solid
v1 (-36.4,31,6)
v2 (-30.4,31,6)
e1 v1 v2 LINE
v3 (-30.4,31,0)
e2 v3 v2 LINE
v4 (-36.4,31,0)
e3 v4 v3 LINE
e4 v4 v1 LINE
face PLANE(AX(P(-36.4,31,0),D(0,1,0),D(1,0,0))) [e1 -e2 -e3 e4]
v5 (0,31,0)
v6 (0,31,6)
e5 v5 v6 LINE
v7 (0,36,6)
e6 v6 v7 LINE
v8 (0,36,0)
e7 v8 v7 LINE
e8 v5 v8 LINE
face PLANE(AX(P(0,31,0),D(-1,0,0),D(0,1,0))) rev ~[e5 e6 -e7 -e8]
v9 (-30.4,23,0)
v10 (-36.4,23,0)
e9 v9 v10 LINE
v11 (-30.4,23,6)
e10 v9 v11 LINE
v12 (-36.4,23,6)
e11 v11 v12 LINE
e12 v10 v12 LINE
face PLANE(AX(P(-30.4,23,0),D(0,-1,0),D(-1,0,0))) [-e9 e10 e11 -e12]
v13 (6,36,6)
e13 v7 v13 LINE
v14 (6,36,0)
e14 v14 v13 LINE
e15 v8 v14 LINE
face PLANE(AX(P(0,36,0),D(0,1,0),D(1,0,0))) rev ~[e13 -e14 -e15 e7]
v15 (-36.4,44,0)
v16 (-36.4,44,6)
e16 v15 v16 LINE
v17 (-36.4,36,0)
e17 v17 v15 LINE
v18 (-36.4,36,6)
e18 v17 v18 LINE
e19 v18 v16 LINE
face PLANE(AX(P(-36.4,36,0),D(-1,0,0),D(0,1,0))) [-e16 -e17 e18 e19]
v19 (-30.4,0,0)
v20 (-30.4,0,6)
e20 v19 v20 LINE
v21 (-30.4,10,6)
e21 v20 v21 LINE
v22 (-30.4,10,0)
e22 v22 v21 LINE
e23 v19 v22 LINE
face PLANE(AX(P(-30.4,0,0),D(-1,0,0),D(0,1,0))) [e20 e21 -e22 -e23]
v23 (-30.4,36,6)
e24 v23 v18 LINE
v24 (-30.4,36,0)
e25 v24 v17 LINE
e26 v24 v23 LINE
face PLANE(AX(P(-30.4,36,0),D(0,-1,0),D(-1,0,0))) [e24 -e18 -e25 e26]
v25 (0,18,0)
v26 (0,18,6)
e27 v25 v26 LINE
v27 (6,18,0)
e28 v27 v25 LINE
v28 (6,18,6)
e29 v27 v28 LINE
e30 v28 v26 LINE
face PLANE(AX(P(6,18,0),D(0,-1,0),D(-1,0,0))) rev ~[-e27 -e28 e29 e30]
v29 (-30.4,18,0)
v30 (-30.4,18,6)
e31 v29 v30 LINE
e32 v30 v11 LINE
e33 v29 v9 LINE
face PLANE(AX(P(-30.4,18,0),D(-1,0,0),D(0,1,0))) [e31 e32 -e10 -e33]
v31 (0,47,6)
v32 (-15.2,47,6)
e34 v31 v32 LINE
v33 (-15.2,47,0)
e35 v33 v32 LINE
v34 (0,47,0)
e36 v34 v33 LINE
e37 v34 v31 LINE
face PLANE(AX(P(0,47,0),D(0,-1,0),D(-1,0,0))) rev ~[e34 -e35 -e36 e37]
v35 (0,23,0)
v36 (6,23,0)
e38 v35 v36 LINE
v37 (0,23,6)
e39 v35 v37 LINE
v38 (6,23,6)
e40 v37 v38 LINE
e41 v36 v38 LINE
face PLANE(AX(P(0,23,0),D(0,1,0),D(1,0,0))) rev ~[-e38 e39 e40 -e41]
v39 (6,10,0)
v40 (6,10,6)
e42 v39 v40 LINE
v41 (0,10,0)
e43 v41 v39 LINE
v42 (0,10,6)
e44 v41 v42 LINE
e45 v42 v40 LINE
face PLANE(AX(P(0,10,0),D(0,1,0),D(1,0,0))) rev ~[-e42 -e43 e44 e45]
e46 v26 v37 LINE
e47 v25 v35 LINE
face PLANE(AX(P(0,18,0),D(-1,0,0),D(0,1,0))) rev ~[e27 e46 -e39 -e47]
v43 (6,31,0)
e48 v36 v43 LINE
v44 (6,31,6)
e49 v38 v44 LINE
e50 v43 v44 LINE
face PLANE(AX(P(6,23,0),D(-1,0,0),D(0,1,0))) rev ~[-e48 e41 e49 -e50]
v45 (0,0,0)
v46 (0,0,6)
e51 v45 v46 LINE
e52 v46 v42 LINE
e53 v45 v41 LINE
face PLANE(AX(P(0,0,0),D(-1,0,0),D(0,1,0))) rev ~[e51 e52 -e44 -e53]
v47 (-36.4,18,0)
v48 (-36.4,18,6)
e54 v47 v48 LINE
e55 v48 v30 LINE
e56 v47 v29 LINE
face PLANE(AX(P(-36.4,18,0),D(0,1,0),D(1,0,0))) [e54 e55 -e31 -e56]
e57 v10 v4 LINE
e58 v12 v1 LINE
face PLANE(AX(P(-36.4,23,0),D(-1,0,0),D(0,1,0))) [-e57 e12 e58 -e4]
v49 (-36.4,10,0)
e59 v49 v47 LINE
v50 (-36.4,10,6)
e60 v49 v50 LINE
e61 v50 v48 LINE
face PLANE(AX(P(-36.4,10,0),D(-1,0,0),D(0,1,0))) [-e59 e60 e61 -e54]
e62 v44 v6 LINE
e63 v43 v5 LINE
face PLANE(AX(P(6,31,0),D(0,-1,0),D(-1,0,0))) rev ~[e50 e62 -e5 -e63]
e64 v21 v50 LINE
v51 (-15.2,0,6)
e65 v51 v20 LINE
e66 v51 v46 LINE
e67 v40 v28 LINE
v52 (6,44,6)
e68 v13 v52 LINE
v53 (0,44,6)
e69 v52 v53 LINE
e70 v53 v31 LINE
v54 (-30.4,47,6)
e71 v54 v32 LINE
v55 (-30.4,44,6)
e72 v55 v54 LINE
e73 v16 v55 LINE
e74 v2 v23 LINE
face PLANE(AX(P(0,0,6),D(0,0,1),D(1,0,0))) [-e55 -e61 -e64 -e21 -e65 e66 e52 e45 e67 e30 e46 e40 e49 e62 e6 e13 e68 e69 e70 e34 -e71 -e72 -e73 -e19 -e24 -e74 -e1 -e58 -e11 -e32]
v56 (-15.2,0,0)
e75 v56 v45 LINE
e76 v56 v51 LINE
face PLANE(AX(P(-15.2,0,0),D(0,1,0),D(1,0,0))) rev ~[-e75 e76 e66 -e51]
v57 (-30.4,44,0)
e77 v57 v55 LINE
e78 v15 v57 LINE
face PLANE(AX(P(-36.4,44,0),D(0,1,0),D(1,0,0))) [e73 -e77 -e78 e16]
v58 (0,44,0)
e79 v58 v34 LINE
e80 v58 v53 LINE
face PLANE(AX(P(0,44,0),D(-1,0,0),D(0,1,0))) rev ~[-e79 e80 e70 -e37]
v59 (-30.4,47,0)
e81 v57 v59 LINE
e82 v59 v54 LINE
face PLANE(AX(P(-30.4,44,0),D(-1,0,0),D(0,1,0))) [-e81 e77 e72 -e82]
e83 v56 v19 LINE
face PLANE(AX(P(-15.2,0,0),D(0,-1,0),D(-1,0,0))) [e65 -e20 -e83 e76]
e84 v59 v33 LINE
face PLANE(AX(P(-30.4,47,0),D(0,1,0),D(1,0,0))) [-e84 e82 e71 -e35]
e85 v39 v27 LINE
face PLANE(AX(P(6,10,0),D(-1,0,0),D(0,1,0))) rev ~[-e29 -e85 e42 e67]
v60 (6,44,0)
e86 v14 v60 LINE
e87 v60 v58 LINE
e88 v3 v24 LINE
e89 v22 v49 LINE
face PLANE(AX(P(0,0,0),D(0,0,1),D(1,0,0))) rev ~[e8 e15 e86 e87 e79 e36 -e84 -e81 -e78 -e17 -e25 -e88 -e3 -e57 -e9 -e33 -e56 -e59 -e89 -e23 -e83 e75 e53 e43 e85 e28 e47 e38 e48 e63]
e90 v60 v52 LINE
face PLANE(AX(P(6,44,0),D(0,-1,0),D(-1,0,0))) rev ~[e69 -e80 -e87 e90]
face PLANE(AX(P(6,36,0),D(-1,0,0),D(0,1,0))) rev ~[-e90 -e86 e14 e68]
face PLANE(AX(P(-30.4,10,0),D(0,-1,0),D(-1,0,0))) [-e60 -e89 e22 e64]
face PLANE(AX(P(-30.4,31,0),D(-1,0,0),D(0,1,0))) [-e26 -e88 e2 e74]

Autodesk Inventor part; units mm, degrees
ref_plane "YZ Plane" through (0, 0, 0) normal (1, 0, 0) x (0, 1, 0)
ref_plane "XZ Plane" through (0, 0, 0) normal (0, 1, 0) x (-1, 0, 0)
ref_plane "XY Plane" through (0, 0, 0) normal (0, 0, 1) x (1, 0, 0)
sketch "Sketch1" plane through (0, 0, 0) normal (0, 0, 1) x (1, 0, 0)
  line L0 (0, 0) -> (0, 10)
  line L1 (0, 10) -> (6, 10)
  line L2 (6, 10) -> (6, 18)
  line L3 (6, 18) -> (0, 18)
  line L4 (0, 18) -> (0, 23)
  line L5 (0, 23) -> (6, 23)
  line L6 (6, 23) -> (6, 31)
  line L7 (6, 31) -> (0, 31)
  line L8 (0, 31) -> (0, 36)
  line L9 (0, 36) -> (6, 36)
  line L10 (6, 36) -> (6, 44)
  line L11 (6, 44) -> (0, 44)
  line L12 (0, 44) -> (0, 47)
  line L13 (0, 47) -> (-15.2, 47)
  line L14 (-15.2, 47) -> (-15.2, 0) construction
  line L15 (-15.2, 0) -> (0, 0)
  line L16 (-30.4, 0) -> (-30.4, 10)
  line L17 (-30.4, 10) -> (-36.4, 10)
  line L18 (-36.4, 10) -> (-36.4, 18)
  line L19 (-36.4, 18) -> (-30.4, 18)
  line L20 (-30.4, 18) -> (-30.4, 23)
  line L21 (-30.4, 23) -> (-36.4, 23)
  line L22 (-36.4, 23) -> (-36.4, 31)
  line L23 (-36.4, 31) -> (-30.4, 31)
  line L24 (-30.4, 31) -> (-30.4, 36)
  line L25 (-30.4, 36) -> (-36.4, 36)
  line L26 (-36.4, 36) -> (-36.4, 44)
  line L27 (-36.4, 44) -> (-30.4, 44)
  line L28 (-30.4, 44) -> (-30.4, 47)
  line L29 (-30.4, 47) -> (-15.2, 47)
  line L30 (-15.2, 0) -> (-30.4, 0)
  dimension "d30" = 10
  dimension "d31" = 6
  dimension "d32" = 8
  dimension "d33" = 5
  dimension "d34" = 8
  dimension "d35" = 5
  dimension "d36" = 6
  dimension "d37" = 8
  dimension "d38" = 6
  dimension "d39" = 3
  dimension "d40" = 15.2
extrude "Extrusion1" add sketch "Sketch1" along normal blind 6
properties part number "sort support V2 wall 2"
